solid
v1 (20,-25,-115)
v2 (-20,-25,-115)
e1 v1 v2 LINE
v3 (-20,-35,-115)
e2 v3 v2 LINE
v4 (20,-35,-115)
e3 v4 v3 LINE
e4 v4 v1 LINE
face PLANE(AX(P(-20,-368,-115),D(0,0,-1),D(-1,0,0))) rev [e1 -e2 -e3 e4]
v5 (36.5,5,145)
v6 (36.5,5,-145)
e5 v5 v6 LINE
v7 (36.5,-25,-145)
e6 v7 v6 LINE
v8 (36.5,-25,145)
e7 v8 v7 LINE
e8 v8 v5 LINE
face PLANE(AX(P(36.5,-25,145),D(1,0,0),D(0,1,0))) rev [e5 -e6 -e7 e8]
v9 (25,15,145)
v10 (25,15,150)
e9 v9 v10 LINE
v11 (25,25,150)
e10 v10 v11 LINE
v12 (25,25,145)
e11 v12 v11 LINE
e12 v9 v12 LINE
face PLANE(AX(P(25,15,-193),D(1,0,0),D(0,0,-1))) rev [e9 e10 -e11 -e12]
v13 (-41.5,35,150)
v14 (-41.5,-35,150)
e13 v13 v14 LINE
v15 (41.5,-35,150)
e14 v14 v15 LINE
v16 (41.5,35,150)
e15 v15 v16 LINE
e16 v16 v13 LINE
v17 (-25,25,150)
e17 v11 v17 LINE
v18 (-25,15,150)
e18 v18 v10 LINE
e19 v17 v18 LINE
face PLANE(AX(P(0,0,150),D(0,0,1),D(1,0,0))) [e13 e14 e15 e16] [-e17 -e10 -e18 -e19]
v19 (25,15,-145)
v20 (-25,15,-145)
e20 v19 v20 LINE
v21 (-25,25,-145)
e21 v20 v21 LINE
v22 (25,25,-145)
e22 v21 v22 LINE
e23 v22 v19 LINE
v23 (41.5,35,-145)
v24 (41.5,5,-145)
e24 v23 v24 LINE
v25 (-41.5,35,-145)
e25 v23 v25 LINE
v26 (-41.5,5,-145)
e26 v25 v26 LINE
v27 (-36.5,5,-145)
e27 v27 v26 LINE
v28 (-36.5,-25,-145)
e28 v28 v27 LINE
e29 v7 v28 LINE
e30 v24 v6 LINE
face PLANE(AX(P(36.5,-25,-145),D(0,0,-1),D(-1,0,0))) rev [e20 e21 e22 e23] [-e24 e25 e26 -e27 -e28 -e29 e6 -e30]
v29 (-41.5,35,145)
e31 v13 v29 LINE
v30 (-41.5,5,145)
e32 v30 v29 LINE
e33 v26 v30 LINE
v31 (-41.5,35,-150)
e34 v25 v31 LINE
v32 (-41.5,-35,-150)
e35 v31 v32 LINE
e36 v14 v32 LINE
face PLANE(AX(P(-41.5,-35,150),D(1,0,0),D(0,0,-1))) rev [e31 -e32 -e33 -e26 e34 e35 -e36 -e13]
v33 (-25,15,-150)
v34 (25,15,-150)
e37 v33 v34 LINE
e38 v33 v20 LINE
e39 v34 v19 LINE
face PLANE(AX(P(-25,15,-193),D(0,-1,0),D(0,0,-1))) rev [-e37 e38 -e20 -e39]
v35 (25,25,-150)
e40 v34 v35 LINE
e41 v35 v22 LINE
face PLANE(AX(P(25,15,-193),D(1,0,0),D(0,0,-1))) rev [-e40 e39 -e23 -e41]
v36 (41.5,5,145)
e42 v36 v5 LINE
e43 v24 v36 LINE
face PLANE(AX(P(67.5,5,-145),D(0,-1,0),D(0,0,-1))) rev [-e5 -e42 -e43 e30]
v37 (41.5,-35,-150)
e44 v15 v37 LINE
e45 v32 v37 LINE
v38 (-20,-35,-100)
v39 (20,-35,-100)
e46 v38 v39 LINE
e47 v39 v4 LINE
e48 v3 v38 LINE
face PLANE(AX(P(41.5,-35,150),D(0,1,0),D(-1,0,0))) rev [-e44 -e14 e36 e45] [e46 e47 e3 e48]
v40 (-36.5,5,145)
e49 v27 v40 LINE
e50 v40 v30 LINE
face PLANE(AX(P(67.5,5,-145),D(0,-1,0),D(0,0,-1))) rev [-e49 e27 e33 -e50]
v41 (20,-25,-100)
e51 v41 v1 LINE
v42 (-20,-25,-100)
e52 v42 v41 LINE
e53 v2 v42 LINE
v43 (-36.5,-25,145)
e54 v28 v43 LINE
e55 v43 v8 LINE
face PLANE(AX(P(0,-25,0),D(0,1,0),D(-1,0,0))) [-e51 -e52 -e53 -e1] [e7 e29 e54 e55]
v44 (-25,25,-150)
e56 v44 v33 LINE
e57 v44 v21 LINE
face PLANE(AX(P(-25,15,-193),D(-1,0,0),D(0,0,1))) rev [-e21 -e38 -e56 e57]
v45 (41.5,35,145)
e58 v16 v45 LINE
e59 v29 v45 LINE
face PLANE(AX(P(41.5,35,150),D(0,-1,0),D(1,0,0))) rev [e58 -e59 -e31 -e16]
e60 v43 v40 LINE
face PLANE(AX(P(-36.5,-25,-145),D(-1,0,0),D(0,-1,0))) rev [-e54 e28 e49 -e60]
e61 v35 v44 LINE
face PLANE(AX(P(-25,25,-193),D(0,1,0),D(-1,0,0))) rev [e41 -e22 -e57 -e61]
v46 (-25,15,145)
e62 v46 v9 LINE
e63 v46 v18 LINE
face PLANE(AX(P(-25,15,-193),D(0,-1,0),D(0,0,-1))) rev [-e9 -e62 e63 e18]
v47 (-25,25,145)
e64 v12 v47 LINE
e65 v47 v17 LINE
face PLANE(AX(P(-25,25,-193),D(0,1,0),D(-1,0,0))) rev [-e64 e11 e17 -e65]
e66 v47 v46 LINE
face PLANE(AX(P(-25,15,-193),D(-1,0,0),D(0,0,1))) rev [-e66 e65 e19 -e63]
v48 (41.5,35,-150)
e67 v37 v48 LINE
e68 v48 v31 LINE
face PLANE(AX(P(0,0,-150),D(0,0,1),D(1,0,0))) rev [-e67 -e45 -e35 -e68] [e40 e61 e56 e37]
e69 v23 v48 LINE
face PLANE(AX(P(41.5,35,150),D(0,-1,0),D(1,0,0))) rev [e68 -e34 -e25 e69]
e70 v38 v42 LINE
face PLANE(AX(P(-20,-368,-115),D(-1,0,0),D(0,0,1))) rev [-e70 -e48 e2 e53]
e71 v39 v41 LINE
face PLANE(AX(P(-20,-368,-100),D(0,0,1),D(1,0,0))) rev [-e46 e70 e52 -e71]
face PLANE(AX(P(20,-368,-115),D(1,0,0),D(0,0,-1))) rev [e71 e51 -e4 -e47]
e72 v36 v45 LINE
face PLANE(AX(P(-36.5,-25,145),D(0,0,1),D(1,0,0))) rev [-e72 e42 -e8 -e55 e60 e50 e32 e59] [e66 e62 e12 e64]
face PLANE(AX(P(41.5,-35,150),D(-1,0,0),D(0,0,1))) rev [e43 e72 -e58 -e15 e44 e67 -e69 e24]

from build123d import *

# Parameters (mm, degrees)
SKETCH1_W           = 83
SKETCH1_H           = 70
BOSS_EXTRUDE1_DEPTH = 150
SKETCH2_W           = 73
SKETCH2_H           = 290
CUT_EXTRUDE1_DEPTH  = 60
SKETCH3_W           = 290
SKETCH3_H           = 30
CUT_EXTRUDE2_DEPTH  = 109
SKETCH4_W           = 50
SKETCH4_H           = 10
CUT_EXTRUDE3_DEPTH  = 343
SKETCH5_W           = 40
SKETCH5_H           = 15
CUT_EXTRUDE4_DEPTH  = 343


with BuildPart() as part:
    # Sketch1 → Boss-Extrude1 (new, symmetric)
    with BuildSketch(Plane.XY):
        Rectangle(SKETCH1_W, SKETCH1_H)
    extrude(amount=BOSS_EXTRUDE1_DEPTH, both=True)

    # Sketch2 → Cut-Extrude1 (cut)
    with BuildSketch(Plane(origin=(0, 35, 0), x_dir=(1, 0, 0), z_dir=(0, 1, 0))):
        Rectangle(SKETCH2_W, SKETCH2_H)
    extrude(amount=-CUT_EXTRUDE1_DEPTH, mode=Mode.SUBTRACT)

    # Sketch3 → Cut-Extrude2 (cut)
    with BuildSketch(Plane.ZY.offset(41.5)):
        with Locations((0, 20)):
            Rectangle(SKETCH3_W, SKETCH3_H)
    extrude(amount=-CUT_EXTRUDE2_DEPTH, mode=Mode.SUBTRACT)

    # Sketch4 → Cut-Extrude3 (cut)
    with BuildSketch(Plane.XY.offset(150)):
        with Locations((0, 20)):
            Rectangle(SKETCH4_W, SKETCH4_H)
    extrude(amount=-CUT_EXTRUDE3_DEPTH, mode=Mode.SUBTRACT)

    # Sketch5 → Cut-Extrude4 (cut)
    with BuildSketch(Plane(origin=(0, -25, 0), x_dir=(1, 0, 0), z_dir=(0, 1, 0))):
        with Locations((0, 107.5)):
            Rectangle(SKETCH5_W, SKETCH5_H)
    extrude(amount=-CUT_EXTRUDE4_DEPTH, mode=Mode.SUBTRACT)


solid = part.part
